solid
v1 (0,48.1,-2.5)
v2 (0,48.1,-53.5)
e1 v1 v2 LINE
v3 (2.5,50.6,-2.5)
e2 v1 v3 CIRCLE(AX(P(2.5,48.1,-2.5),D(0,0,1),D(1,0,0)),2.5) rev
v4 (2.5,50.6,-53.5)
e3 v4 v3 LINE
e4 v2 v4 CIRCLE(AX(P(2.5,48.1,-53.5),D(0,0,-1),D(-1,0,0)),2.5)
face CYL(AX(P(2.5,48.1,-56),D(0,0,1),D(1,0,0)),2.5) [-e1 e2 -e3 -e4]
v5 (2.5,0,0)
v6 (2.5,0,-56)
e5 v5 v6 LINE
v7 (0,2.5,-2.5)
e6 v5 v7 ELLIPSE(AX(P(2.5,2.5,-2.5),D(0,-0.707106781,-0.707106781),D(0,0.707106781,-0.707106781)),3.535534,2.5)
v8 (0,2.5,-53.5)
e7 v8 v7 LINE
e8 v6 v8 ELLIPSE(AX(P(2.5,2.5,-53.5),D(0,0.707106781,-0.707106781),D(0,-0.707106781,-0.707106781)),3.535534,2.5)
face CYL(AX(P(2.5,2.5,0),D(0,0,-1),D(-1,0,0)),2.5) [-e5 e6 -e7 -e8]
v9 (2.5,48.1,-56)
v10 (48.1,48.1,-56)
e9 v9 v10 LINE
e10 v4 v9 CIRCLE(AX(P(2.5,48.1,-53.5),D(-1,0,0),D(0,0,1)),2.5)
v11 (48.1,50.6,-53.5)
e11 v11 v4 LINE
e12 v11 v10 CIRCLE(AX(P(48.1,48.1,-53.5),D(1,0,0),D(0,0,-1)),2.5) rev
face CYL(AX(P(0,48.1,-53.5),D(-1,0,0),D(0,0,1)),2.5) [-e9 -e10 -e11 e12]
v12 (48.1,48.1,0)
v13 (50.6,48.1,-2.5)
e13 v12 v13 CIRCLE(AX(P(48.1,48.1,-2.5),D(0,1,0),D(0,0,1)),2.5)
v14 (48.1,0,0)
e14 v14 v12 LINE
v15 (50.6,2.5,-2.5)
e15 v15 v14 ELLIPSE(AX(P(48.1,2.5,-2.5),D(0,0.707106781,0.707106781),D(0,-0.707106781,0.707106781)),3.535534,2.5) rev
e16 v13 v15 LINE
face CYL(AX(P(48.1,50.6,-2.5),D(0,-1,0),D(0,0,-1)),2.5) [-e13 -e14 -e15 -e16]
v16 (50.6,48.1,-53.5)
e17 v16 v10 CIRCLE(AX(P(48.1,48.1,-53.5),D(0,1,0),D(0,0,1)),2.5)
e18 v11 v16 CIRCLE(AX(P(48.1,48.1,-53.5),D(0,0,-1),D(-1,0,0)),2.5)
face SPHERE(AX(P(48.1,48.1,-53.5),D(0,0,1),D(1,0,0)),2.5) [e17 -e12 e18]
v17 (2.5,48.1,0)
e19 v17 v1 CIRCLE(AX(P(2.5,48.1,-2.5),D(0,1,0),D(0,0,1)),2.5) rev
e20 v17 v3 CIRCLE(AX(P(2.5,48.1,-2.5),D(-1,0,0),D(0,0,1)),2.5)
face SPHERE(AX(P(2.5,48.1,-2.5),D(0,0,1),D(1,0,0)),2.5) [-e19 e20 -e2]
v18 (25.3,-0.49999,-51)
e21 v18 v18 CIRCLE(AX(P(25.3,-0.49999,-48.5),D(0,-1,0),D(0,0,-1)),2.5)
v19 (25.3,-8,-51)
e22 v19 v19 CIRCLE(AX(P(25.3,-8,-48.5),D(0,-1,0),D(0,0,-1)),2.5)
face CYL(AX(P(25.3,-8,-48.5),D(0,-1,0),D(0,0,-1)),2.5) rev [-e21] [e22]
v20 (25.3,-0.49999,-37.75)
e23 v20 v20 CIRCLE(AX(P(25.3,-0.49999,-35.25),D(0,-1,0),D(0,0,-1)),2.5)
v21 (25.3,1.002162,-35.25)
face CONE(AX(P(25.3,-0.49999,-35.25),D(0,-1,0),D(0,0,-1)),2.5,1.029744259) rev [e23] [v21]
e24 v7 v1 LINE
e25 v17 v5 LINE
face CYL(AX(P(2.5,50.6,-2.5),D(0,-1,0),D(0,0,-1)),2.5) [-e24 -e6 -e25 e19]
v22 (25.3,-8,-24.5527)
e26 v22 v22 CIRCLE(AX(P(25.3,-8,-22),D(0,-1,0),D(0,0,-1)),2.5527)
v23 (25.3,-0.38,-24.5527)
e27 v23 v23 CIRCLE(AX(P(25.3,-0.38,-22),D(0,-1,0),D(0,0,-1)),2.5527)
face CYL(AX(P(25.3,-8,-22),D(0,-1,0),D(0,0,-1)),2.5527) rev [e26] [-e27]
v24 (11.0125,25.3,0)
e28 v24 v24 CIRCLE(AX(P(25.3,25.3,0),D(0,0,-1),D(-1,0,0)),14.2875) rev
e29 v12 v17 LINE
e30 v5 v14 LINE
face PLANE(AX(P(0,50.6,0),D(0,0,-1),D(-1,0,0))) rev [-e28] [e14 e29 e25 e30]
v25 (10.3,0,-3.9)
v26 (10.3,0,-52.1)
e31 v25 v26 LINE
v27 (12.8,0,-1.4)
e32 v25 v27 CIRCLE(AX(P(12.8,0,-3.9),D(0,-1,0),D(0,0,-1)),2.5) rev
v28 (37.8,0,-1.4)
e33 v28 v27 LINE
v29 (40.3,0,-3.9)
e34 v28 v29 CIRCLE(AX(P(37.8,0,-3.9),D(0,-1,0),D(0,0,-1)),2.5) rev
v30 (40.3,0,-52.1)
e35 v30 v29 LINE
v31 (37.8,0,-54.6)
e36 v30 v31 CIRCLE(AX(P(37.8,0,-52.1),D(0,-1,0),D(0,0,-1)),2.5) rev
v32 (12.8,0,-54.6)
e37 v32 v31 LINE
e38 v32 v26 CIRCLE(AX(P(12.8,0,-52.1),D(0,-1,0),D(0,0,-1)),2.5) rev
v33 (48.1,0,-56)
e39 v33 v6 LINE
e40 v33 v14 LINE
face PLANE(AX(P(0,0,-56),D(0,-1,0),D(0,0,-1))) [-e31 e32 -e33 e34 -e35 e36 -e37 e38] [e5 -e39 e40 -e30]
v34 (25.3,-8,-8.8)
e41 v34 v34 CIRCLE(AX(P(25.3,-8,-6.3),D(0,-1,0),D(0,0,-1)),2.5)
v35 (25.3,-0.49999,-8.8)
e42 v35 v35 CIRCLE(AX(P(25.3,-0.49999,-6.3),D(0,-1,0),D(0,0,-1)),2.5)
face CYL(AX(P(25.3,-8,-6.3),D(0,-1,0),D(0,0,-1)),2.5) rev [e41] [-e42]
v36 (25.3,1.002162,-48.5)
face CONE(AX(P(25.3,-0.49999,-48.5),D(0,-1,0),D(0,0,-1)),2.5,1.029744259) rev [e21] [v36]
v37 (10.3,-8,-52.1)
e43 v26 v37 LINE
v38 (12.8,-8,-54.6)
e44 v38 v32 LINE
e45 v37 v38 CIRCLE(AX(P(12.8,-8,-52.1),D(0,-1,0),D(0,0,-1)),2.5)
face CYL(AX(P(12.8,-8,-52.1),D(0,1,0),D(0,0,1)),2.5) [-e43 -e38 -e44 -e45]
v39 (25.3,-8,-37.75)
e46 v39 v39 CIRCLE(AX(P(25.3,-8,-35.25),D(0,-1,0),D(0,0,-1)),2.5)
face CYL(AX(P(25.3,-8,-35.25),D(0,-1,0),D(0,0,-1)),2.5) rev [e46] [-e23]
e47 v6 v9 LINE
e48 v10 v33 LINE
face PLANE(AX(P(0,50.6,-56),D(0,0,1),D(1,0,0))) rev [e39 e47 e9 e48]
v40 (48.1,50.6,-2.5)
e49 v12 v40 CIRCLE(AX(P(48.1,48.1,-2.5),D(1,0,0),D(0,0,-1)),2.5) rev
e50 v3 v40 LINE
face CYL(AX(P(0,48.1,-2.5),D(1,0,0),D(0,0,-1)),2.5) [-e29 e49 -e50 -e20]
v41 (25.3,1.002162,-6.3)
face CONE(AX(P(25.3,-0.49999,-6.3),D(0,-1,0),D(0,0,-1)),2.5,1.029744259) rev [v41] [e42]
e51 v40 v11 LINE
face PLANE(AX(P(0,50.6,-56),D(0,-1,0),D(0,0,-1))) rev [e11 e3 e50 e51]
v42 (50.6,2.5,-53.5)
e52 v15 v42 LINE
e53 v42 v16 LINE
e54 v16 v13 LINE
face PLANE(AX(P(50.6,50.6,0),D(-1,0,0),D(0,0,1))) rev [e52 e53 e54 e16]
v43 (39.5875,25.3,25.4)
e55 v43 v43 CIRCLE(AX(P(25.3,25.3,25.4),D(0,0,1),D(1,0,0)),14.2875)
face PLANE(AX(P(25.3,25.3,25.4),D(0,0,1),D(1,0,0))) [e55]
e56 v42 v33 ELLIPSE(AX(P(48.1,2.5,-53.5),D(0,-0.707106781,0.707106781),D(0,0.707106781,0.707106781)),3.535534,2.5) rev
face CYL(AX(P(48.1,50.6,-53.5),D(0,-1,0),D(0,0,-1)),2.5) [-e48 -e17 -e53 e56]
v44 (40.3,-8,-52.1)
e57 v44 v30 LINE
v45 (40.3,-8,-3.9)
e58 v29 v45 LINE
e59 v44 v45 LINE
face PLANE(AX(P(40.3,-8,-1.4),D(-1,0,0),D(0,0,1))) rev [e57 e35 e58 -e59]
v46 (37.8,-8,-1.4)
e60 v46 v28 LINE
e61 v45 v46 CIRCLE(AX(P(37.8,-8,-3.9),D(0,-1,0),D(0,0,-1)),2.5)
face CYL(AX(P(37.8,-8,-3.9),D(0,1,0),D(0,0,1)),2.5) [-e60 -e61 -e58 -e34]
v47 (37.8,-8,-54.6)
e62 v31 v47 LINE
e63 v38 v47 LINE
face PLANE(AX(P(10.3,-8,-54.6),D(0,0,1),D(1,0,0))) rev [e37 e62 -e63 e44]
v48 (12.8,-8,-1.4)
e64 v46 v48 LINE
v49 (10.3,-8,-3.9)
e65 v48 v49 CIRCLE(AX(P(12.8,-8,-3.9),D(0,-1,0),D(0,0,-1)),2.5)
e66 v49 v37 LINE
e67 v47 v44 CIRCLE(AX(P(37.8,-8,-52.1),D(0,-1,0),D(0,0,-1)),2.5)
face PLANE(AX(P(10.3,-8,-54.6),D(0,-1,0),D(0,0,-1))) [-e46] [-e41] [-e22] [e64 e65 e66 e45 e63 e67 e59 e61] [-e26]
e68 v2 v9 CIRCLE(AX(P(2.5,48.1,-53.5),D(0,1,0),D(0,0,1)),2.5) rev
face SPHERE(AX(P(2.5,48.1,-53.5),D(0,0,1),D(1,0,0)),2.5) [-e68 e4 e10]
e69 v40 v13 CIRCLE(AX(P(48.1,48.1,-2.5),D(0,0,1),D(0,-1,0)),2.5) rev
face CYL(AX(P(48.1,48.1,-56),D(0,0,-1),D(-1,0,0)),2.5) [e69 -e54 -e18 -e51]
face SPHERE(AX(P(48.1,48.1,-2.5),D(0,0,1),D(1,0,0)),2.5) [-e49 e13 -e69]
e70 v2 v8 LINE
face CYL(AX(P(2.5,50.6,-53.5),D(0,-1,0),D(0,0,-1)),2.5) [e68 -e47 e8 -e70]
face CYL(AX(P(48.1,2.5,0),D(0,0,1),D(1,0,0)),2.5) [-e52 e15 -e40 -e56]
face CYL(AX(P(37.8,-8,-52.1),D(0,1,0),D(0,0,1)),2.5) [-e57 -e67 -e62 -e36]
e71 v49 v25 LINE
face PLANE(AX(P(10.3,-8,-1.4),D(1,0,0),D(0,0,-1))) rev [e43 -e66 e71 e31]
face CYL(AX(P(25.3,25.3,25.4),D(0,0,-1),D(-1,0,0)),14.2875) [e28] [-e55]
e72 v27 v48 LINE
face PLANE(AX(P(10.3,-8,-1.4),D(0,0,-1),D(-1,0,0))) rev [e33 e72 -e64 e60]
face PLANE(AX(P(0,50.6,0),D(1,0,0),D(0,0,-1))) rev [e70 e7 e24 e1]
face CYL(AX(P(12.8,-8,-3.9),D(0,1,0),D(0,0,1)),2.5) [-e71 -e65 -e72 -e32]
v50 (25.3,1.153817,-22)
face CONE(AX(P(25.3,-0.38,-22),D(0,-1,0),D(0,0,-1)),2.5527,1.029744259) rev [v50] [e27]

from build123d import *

# Parameters (mm, degrees)
SKETCH2_W                       = 50.6
SKETCH2_H                       = 56
BOSS_EXTRUDE1_DEPTH             = 50.6
SKETCH3_W                       = 30
SKETCH3_H                       = 53.2
BOSS_EXTRUDE2_DEPTH             = 8
TAP_DRILL_FOR_M6X1_0_TAP1_D     = 5
TAP_DRILL_FOR_M6X1_0_TAP1_DEPTH = 7.5000104
TAP_DRILL_FOR_M6X1_0_TAP1_TIP   = 1.502151548
TAP_DRILL_FOR_1_4_20_TAP1_D     = 5.1054
TAP_DRILL_FOR_1_4_20_TAP1_DEPTH = 7.62
TAP_DRILL_FOR_1_4_20_TAP1_TIP   = 1.533816902
SKETCH11_R                      = 14.2875
BOSS_EXTRUDE3_DEPTH             = 25.4
FILLET1_R                       = 2.5


with BuildPart() as part:
    # Sketch2 → Boss-Extrude1 (new body)
    with BuildSketch(Plane(origin=(0, 0, 0), x_dir=(1, 0, 0), z_dir=(0, 1, 0))):
        with Locations((25.3, 28)):
            Rectangle(SKETCH2_W, SKETCH2_H)
    extrude(amount=BOSS_EXTRUDE1_DEPTH)

    # Sketch3 → Boss-Extrude2 (add)
    with BuildSketch(Plane.XZ):
        with Locations((25.3, -28)):
            Rectangle(SKETCH3_W, SKETCH3_H)
    extrude(amount=BOSS_EXTRUDE2_DEPTH)

    # Tap Drill for M6x1.0 Tap1
    with Locations(Plane.XZ.offset(8)):
        with Locations((25.3, -35.25), (25.3, -48.5), (25.3, -6.3)):
            Hole(TAP_DRILL_FOR_M6X1_0_TAP1_D / 2, depth=TAP_DRILL_FOR_M6X1_0_TAP1_DEPTH)
            with Locations((0, 0, -(TAP_DRILL_FOR_M6X1_0_TAP1_DEPTH + TAP_DRILL_FOR_M6X1_0_TAP1_TIP / 2))):  # 118° drill point
                Cone(0, TAP_DRILL_FOR_M6X1_0_TAP1_D / 2, TAP_DRILL_FOR_M6X1_0_TAP1_TIP, mode=Mode.SUBTRACT)

    # Tap Drill for 1/4-20 Tap1
    with Locations(Plane.XZ.offset(8)):
        with Locations((25.3, -22)):
            Hole(TAP_DRILL_FOR_1_4_20_TAP1_D / 2, depth=TAP_DRILL_FOR_1_4_20_TAP1_DEPTH)
            with Locations((0, 0, -(TAP_DRILL_FOR_1_4_20_TAP1_DEPTH + TAP_DRILL_FOR_1_4_20_TAP1_TIP / 2))):  # 118° drill point
                Cone(0, TAP_DRILL_FOR_1_4_20_TAP1_D / 2, TAP_DRILL_FOR_1_4_20_TAP1_TIP, mode=Mode.SUBTRACT)

    # Sketch11 → Boss-Extrude3 (add)
    with BuildSketch(Plane.XY):
        with Locations(Location((25.3, 25.3, 0), (0, 0, 180))):
            Circle(SKETCH11_R)
    extrude(amount=BOSS_EXTRUDE3_DEPTH)

    # Fillet1
    fillet1_edges = [part.edges().sort_by_distance(p)[0] for p in [
        (50.6, 50.6, -28),
        (25.3, 50.6, -56),
        (10.3, -4, -1.4),
        (10.3, -4, -54.6),
        (40.3, -4, -54.6),
        (40.3, -4, -1.4),
        (0, 50.6, -28),
        (50.6, 0, -28),
        (0, 0, -28),
        (25.3, 50.6, 0),
        (0, 25.3, -56),
        (50.6, 25.3, -56),
        (50.6, 25.3, 0),
        (0, 25.3, 0),
    ]]
    fillet(fillet1_edges, radius=FILLET1_R)


solid = part.part
